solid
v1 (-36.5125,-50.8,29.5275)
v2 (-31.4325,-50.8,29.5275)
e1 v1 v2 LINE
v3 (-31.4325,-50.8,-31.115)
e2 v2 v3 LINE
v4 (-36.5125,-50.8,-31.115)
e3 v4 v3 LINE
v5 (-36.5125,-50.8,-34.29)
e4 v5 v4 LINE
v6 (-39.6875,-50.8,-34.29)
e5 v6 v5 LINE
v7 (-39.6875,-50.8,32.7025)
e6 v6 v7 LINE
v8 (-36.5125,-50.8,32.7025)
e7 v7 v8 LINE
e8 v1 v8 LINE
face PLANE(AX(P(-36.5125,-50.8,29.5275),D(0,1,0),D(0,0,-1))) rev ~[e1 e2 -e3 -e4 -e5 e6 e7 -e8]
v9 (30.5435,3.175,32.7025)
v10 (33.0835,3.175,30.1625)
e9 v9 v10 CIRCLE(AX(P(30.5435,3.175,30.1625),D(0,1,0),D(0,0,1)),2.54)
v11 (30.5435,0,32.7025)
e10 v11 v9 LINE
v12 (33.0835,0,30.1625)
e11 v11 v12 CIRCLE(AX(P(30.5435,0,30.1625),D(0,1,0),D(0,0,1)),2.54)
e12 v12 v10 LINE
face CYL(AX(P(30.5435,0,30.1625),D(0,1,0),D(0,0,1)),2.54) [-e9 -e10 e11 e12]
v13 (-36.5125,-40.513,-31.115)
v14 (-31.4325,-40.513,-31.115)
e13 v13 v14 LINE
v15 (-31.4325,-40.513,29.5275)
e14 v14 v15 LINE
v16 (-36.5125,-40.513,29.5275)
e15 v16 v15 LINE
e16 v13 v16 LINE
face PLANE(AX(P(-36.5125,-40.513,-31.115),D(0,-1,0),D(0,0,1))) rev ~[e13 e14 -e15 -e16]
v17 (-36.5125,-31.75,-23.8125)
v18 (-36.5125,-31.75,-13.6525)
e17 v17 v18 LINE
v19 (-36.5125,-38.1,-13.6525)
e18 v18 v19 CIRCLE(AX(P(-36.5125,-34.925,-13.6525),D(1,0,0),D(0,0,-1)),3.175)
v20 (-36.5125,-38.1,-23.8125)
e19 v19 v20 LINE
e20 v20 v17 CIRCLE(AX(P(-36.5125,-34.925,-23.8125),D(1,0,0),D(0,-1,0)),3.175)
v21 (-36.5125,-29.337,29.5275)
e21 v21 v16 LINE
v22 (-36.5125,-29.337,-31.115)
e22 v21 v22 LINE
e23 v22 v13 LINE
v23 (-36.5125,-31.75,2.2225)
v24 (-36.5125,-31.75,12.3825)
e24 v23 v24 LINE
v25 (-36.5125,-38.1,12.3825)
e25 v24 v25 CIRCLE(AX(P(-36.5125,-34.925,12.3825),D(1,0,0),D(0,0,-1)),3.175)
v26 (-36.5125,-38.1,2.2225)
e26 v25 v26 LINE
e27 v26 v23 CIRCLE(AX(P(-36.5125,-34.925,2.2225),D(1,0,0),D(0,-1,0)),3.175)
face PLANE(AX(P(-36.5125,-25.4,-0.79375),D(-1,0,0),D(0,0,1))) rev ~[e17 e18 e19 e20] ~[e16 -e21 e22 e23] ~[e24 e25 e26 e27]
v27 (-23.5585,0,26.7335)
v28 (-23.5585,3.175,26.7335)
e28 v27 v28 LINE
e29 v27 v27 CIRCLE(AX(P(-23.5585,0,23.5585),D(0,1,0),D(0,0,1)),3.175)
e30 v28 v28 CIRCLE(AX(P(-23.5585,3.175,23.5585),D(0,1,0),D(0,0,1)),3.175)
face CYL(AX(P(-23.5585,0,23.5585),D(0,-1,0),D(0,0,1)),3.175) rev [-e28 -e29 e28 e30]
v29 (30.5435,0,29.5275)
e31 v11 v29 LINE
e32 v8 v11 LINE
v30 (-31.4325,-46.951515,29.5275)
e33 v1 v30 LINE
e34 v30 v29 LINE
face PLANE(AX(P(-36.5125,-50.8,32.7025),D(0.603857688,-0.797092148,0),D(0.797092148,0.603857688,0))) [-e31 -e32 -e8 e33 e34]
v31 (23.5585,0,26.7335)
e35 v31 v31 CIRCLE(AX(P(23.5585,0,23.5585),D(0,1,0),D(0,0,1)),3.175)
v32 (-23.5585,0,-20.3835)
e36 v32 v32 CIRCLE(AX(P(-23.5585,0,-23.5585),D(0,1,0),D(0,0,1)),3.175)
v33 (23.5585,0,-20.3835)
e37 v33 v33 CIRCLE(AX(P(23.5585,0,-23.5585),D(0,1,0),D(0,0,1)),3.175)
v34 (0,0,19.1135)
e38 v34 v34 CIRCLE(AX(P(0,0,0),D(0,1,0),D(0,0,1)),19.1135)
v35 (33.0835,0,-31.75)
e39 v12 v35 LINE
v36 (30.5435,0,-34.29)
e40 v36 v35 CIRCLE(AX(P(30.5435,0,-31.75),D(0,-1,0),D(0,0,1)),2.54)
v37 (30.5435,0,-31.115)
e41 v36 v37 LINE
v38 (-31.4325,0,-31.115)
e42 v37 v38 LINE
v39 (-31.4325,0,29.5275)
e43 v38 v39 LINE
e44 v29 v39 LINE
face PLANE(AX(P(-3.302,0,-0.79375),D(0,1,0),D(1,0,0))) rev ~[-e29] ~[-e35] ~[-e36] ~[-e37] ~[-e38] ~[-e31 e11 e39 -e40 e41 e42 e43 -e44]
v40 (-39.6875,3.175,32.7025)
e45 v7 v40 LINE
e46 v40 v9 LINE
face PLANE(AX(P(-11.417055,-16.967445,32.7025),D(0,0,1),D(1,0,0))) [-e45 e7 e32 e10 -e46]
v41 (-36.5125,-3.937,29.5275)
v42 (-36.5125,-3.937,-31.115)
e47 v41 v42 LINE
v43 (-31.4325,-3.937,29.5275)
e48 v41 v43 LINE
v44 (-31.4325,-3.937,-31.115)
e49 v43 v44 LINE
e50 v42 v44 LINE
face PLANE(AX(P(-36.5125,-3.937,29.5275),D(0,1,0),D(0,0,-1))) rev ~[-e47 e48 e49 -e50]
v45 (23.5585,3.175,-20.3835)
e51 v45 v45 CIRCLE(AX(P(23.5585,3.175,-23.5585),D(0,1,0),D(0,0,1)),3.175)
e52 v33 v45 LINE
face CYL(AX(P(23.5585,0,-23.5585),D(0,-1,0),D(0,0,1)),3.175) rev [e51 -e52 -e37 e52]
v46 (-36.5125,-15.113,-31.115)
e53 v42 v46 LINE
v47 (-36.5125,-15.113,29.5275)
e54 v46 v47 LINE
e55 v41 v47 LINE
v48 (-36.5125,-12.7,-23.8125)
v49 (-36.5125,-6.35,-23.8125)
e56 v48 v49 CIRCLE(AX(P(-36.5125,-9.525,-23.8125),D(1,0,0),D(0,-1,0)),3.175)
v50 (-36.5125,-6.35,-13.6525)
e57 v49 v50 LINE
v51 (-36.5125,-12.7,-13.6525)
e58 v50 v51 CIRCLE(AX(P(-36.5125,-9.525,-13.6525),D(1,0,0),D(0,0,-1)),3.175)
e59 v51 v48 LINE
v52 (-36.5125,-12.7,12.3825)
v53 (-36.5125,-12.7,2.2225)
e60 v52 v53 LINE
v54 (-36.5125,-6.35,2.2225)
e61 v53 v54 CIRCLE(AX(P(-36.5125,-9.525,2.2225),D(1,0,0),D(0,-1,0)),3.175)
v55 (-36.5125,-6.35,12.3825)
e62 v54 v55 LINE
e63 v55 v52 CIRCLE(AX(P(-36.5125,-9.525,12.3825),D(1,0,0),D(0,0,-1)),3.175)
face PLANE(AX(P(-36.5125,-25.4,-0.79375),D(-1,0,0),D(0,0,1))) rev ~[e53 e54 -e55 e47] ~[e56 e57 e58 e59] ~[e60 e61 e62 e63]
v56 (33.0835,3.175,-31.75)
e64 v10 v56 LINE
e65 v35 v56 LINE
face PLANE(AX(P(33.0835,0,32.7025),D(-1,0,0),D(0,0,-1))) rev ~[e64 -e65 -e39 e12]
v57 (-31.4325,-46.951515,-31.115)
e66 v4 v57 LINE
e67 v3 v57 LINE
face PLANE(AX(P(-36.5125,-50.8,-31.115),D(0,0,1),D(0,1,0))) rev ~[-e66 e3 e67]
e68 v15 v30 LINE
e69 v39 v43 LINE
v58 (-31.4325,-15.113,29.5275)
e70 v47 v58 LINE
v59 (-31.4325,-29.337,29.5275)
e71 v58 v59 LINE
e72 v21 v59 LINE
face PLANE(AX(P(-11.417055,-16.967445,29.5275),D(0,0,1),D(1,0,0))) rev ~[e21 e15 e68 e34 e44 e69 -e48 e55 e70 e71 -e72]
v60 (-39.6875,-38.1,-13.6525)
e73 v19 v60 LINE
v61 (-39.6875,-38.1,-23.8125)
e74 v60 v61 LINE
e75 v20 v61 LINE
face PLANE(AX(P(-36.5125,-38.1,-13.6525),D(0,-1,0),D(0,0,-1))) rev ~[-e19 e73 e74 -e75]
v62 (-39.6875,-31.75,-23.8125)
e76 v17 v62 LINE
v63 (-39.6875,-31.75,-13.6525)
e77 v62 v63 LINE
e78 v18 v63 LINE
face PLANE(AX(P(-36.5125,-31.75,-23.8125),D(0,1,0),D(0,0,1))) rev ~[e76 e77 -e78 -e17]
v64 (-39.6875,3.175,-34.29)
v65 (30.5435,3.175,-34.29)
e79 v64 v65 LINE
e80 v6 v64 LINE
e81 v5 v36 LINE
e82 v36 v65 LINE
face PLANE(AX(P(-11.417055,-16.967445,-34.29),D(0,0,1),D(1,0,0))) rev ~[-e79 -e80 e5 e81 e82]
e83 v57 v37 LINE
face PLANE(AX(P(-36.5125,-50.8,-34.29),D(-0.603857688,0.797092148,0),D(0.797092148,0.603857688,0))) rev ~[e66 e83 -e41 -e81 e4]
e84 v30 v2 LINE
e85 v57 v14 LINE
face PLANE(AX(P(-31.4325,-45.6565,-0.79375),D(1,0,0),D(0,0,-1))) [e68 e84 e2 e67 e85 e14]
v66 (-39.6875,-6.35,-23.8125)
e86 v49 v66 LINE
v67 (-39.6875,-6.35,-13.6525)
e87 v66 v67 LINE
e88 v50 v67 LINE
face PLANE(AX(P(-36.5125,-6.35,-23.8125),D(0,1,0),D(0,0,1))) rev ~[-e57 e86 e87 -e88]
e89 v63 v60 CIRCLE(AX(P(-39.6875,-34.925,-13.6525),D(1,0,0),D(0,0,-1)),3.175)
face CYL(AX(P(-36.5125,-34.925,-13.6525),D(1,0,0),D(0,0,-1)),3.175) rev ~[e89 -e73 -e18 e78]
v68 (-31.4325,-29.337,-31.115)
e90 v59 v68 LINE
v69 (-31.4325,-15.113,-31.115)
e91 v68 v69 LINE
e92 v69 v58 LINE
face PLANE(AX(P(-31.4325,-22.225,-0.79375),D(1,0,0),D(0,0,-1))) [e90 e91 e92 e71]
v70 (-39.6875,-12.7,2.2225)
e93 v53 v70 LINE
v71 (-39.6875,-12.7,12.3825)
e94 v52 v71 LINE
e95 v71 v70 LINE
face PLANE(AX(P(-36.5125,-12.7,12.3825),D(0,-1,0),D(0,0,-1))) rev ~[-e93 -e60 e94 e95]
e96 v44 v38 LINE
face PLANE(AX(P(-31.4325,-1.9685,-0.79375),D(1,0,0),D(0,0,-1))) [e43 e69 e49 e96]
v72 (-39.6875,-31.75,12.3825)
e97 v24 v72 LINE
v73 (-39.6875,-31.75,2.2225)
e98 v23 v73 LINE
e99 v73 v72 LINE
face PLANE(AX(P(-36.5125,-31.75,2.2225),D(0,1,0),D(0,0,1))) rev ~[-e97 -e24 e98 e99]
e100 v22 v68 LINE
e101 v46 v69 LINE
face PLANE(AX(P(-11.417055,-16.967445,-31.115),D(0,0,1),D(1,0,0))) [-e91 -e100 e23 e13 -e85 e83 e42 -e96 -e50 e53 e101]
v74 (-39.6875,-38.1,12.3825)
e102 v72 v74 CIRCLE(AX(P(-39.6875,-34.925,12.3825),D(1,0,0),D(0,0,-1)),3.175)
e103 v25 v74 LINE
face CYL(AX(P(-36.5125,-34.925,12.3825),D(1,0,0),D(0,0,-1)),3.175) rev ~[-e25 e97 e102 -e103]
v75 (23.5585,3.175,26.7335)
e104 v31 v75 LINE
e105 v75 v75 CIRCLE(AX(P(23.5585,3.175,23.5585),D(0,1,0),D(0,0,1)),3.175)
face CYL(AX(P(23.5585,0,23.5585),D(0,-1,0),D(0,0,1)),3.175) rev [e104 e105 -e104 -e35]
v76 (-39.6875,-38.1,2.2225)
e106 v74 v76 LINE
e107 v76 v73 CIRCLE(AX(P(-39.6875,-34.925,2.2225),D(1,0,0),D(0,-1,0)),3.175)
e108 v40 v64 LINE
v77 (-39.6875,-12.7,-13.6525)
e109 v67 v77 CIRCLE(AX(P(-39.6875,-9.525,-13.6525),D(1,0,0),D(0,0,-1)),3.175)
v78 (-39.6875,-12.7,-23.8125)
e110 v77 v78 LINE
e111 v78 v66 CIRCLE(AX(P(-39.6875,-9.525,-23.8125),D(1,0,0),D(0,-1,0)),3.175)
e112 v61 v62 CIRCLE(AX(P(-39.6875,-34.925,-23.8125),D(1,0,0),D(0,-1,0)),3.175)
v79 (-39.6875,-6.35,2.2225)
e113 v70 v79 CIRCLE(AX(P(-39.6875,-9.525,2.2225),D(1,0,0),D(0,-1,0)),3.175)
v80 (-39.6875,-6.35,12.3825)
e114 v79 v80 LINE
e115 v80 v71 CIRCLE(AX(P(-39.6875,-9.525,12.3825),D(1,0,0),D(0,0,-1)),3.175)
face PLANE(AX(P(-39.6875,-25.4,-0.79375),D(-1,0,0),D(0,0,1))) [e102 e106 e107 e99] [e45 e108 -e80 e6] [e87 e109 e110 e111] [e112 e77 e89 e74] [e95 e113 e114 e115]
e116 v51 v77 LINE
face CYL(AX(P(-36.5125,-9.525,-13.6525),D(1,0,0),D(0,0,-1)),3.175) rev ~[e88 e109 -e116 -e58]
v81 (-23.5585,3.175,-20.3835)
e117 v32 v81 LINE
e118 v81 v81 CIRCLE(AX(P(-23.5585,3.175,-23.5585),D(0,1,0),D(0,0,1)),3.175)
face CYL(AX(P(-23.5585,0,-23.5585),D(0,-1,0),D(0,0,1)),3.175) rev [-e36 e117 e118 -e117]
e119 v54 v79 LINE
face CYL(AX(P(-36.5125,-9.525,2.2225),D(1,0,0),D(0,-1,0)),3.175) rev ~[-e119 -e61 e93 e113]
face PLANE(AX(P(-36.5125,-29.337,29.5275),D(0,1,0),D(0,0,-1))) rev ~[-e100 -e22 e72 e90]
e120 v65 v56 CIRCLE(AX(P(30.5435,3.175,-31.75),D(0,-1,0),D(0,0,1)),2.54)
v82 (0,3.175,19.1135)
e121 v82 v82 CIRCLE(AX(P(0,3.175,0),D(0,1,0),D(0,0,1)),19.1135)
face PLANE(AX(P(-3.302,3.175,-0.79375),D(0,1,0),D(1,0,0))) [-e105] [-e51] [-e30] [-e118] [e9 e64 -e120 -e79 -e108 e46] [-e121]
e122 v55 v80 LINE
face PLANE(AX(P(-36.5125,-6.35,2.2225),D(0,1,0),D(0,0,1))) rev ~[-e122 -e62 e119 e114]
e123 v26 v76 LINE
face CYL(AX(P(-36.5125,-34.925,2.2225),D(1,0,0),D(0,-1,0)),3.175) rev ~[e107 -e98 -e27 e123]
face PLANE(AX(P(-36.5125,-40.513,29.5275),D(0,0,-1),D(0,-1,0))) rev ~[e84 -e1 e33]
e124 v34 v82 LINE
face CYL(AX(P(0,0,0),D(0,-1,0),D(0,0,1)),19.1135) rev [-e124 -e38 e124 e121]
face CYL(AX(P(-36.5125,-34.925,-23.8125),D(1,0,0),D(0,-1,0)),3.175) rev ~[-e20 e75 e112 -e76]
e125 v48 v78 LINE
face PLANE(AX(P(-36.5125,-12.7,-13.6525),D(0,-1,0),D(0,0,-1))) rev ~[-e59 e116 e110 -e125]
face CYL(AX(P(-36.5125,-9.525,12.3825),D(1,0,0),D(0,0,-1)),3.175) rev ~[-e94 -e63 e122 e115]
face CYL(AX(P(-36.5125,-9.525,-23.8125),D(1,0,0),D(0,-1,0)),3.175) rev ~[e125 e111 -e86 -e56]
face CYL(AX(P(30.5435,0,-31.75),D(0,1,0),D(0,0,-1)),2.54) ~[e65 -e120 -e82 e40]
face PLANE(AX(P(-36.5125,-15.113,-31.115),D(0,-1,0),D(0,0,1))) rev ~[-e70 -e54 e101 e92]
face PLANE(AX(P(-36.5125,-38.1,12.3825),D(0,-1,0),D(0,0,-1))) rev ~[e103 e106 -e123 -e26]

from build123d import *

# Parameters (mm, degrees)
SKETCH1_W           = 72.771
SKETCH1_H           = 66.9925
SKETCH1_R           = 19.1135
SKETCH1_R_2         = 3.175
BOSS_EXTRUDE1_DEPTH = 3.175
FILLET1_R           = 2.54
SKETCH2_W           = 66.9925
SKETCH2_H           = 50.8
BOSS_EXTRUDE2_DEPTH = 3.175
BOSS_EXTRUDE5_DEPTH = 3.175
BOSS_EXTRUDE6_DEPTH = 3.175
SKETCH9_R           = 3.175
CUT_EXTRUDE1_DEPTH  = 3.175
BOSS_EXTRUDE7_DEPTH = 5.08


with BuildPart() as part:
    # Sketch1 → Boss-Extrude1 (new body)
    with BuildSketch(Plane(origin=(0, 0, 0), x_dir=(1, 0, 0), z_dir=(0, 1, 0))):
        with Locations((-3.302, 0.79375)):
            Rectangle(SKETCH1_W, SKETCH1_H)
        with Locations(Location((0, 0, 0), (0, 0, 270))):
            Circle(SKETCH1_R, mode=Mode.SUBTRACT)
        with Locations(Location((-23.5585, 23.5585, 0), (0, 0, 270))):
            Circle(SKETCH1_R_2, mode=Mode.SUBTRACT)
        with Locations(Location((23.5585, 23.5585, 0), (0, 0, 270))):
            Circle(SKETCH1_R_2, mode=Mode.SUBTRACT)
        with Locations(Location((23.5585, -23.5585, 0), (0, 0, 270))):
            Circle(SKETCH1_R_2, mode=Mode.SUBTRACT)
        with Locations(Location((-23.5585, -23.5585, 0), (0, 0, 270))):
            Circle(SKETCH1_R_2, mode=Mode.SUBTRACT)
    extrude(amount=BOSS_EXTRUDE1_DEPTH)

    # Fillet1
    fillet1_edges = [part.edges().sort_by_distance(p)[0] for p in [
        (33.0835, 1.5875, -34.29),
        (33.0835, 1.5875, 32.7025),
    ]]
    fillet(fillet1_edges, radius=FILLET1_R)

    # Sketch2 → Boss-Extrude2 (add)
    with BuildSketch(Plane.ZY.offset(39.6875)):
        with Locations((-0.79375, -25.4)):
            Rectangle(SKETCH2_W, SKETCH2_H)
    extrude(amount=-BOSS_EXTRUDE2_DEPTH)

    # Sketch7 → Boss-Extrude5 (add)
    with BuildSketch(Plane.XY.offset(32.7025)):
        Polygon((-36.5125, -50.8), (30.5435, 0), (-36.5125, 0), align=None)
    extrude(amount=-BOSS_EXTRUDE5_DEPTH)

    # Sketch8 → Boss-Extrude6 (add)
    with BuildSketch(Plane(origin=(0, 0, -34.29), x_dir=(-1, 0, 0), z_dir=(0, 0, -1))):
        Polygon((-30.5435, 0), (36.5125, 0), (36.5125, -50.8), align=None)
    extrude(amount=-BOSS_EXTRUDE6_DEPTH)

    # Sketch9 → Cut-Extrude1 (cut)
    with BuildSketch(Plane(origin=(-36.5125, 0, 0), x_dir=(0, 0, -1), z_dir=(1, 0, 0))):
        with BuildLine():
            ThreePointArc((-2.2225, -12.7), (-5.3975, -9.525), (-2.2225, -6.35))
            Line((-2.2225, -6.35), (-12.3825, -6.35))
            ThreePointArc((-12.3825, -6.35), (-10.13743597, -7.27993597), (-9.2075, -9.525))
            ThreePointArc((-9.2075, -9.525), (-10.13743597, -11.77006403), (-12.3825, -12.7))
            Line((-12.3825, -12.7), (-2.2225, -12.7))
        make_face()
        with Locations((-2.2225, -9.525)):
            Circle(SKETCH9_R)
        with Locations((-12.3825, -9.525)):
            Circle(SKETCH9_R)
        with BuildLine():
            ThreePointArc((23.8125, -12.7), (20.6375, -9.525), (23.8125, -6.35))
            Line((23.8125, -6.35), (13.6525, -6.35))
            ThreePointArc((13.6525, -6.35), (15.89756403, -7.27993597), (16.8275, -9.525))
            ThreePointArc((16.8275, -9.525), (15.89756403, -11.77006403), (13.6525, -12.7))
            Line((13.6525, -12.7), (23.8125, -12.7))
        make_face()
        with Locations((13.6525, -9.525)):
            Circle(SKETCH9_R)
        with Locations((23.8125, -9.525)):
            Circle(SKETCH9_R)
        with Locations((23.8125, -34.925)):
            Circle(SKETCH9_R)
        with BuildLine():
            Line((13.6525, -38.1), (23.8125, -38.1))
            ThreePointArc((23.8125, -38.1), (20.6375, -34.925), (23.8125, -31.75))
            Line((23.8125, -31.75), (13.6525, -31.75))
            ThreePointArc((13.6525, -31.75), (15.89756403, -32.67993597), (16.8275, -34.925))
            ThreePointArc((16.8275, -34.925), (15.89756403, -37.17006403), (13.6525, -38.1))
        make_face()
        with Locations((13.6525, -34.925)):
            Circle(SKETCH9_R)
        with Locations((-2.2225, -34.925)):
            Circle(SKETCH9_R)
        with BuildLine():
            ThreePointArc((-2.2225, -38.1), (-5.3975, -34.925), (-2.2225, -31.75))
            Line((-2.2225, -31.75), (-12.3825, -31.75))
            ThreePointArc((-12.3825, -31.75), (-10.13743597, -32.67993597), (-9.2075, -34.925))
            ThreePointArc((-9.2075, -34.925), (-10.13743597, -37.17006403), (-12.3825, -38.1))
            Line((-12.3825, -38.1), (-2.2225, -38.1))
        make_face()
        with Locations((-12.3825, -34.925)):
            Circle(SKETCH9_R)
    extrude(amount=-CUT_EXTRUDE1_DEPTH, mode=Mode.SUBTRACT)

    # Sketch10 → Boss-Extrude7 (add)
    with BuildSketch(Plane(origin=(-36.5125, 0, 0), x_dir=(0, 0, -1), z_dir=(1, 0, 0))):
        Polygon((23.8125, -15.113), (-29.5275, -15.113), (-29.5275, -29.337), (23.8125, -29.337), (31.115, -29.337), (31.115, -15.113), align=None)
        Polygon((31.115, 0), (-29.5275, 0), (-29.5275, -3.937), (23.8125, -3.937), (31.115, -3.937), align=None)
        Polygon((23.8125, -40.513), (-29.5275, -40.513), (-29.5275, -50.8), (31.115, -50.8), (31.115, -40.513), align=None)
    extrude(amount=BOSS_EXTRUDE7_DEPTH)


solid = part.part
